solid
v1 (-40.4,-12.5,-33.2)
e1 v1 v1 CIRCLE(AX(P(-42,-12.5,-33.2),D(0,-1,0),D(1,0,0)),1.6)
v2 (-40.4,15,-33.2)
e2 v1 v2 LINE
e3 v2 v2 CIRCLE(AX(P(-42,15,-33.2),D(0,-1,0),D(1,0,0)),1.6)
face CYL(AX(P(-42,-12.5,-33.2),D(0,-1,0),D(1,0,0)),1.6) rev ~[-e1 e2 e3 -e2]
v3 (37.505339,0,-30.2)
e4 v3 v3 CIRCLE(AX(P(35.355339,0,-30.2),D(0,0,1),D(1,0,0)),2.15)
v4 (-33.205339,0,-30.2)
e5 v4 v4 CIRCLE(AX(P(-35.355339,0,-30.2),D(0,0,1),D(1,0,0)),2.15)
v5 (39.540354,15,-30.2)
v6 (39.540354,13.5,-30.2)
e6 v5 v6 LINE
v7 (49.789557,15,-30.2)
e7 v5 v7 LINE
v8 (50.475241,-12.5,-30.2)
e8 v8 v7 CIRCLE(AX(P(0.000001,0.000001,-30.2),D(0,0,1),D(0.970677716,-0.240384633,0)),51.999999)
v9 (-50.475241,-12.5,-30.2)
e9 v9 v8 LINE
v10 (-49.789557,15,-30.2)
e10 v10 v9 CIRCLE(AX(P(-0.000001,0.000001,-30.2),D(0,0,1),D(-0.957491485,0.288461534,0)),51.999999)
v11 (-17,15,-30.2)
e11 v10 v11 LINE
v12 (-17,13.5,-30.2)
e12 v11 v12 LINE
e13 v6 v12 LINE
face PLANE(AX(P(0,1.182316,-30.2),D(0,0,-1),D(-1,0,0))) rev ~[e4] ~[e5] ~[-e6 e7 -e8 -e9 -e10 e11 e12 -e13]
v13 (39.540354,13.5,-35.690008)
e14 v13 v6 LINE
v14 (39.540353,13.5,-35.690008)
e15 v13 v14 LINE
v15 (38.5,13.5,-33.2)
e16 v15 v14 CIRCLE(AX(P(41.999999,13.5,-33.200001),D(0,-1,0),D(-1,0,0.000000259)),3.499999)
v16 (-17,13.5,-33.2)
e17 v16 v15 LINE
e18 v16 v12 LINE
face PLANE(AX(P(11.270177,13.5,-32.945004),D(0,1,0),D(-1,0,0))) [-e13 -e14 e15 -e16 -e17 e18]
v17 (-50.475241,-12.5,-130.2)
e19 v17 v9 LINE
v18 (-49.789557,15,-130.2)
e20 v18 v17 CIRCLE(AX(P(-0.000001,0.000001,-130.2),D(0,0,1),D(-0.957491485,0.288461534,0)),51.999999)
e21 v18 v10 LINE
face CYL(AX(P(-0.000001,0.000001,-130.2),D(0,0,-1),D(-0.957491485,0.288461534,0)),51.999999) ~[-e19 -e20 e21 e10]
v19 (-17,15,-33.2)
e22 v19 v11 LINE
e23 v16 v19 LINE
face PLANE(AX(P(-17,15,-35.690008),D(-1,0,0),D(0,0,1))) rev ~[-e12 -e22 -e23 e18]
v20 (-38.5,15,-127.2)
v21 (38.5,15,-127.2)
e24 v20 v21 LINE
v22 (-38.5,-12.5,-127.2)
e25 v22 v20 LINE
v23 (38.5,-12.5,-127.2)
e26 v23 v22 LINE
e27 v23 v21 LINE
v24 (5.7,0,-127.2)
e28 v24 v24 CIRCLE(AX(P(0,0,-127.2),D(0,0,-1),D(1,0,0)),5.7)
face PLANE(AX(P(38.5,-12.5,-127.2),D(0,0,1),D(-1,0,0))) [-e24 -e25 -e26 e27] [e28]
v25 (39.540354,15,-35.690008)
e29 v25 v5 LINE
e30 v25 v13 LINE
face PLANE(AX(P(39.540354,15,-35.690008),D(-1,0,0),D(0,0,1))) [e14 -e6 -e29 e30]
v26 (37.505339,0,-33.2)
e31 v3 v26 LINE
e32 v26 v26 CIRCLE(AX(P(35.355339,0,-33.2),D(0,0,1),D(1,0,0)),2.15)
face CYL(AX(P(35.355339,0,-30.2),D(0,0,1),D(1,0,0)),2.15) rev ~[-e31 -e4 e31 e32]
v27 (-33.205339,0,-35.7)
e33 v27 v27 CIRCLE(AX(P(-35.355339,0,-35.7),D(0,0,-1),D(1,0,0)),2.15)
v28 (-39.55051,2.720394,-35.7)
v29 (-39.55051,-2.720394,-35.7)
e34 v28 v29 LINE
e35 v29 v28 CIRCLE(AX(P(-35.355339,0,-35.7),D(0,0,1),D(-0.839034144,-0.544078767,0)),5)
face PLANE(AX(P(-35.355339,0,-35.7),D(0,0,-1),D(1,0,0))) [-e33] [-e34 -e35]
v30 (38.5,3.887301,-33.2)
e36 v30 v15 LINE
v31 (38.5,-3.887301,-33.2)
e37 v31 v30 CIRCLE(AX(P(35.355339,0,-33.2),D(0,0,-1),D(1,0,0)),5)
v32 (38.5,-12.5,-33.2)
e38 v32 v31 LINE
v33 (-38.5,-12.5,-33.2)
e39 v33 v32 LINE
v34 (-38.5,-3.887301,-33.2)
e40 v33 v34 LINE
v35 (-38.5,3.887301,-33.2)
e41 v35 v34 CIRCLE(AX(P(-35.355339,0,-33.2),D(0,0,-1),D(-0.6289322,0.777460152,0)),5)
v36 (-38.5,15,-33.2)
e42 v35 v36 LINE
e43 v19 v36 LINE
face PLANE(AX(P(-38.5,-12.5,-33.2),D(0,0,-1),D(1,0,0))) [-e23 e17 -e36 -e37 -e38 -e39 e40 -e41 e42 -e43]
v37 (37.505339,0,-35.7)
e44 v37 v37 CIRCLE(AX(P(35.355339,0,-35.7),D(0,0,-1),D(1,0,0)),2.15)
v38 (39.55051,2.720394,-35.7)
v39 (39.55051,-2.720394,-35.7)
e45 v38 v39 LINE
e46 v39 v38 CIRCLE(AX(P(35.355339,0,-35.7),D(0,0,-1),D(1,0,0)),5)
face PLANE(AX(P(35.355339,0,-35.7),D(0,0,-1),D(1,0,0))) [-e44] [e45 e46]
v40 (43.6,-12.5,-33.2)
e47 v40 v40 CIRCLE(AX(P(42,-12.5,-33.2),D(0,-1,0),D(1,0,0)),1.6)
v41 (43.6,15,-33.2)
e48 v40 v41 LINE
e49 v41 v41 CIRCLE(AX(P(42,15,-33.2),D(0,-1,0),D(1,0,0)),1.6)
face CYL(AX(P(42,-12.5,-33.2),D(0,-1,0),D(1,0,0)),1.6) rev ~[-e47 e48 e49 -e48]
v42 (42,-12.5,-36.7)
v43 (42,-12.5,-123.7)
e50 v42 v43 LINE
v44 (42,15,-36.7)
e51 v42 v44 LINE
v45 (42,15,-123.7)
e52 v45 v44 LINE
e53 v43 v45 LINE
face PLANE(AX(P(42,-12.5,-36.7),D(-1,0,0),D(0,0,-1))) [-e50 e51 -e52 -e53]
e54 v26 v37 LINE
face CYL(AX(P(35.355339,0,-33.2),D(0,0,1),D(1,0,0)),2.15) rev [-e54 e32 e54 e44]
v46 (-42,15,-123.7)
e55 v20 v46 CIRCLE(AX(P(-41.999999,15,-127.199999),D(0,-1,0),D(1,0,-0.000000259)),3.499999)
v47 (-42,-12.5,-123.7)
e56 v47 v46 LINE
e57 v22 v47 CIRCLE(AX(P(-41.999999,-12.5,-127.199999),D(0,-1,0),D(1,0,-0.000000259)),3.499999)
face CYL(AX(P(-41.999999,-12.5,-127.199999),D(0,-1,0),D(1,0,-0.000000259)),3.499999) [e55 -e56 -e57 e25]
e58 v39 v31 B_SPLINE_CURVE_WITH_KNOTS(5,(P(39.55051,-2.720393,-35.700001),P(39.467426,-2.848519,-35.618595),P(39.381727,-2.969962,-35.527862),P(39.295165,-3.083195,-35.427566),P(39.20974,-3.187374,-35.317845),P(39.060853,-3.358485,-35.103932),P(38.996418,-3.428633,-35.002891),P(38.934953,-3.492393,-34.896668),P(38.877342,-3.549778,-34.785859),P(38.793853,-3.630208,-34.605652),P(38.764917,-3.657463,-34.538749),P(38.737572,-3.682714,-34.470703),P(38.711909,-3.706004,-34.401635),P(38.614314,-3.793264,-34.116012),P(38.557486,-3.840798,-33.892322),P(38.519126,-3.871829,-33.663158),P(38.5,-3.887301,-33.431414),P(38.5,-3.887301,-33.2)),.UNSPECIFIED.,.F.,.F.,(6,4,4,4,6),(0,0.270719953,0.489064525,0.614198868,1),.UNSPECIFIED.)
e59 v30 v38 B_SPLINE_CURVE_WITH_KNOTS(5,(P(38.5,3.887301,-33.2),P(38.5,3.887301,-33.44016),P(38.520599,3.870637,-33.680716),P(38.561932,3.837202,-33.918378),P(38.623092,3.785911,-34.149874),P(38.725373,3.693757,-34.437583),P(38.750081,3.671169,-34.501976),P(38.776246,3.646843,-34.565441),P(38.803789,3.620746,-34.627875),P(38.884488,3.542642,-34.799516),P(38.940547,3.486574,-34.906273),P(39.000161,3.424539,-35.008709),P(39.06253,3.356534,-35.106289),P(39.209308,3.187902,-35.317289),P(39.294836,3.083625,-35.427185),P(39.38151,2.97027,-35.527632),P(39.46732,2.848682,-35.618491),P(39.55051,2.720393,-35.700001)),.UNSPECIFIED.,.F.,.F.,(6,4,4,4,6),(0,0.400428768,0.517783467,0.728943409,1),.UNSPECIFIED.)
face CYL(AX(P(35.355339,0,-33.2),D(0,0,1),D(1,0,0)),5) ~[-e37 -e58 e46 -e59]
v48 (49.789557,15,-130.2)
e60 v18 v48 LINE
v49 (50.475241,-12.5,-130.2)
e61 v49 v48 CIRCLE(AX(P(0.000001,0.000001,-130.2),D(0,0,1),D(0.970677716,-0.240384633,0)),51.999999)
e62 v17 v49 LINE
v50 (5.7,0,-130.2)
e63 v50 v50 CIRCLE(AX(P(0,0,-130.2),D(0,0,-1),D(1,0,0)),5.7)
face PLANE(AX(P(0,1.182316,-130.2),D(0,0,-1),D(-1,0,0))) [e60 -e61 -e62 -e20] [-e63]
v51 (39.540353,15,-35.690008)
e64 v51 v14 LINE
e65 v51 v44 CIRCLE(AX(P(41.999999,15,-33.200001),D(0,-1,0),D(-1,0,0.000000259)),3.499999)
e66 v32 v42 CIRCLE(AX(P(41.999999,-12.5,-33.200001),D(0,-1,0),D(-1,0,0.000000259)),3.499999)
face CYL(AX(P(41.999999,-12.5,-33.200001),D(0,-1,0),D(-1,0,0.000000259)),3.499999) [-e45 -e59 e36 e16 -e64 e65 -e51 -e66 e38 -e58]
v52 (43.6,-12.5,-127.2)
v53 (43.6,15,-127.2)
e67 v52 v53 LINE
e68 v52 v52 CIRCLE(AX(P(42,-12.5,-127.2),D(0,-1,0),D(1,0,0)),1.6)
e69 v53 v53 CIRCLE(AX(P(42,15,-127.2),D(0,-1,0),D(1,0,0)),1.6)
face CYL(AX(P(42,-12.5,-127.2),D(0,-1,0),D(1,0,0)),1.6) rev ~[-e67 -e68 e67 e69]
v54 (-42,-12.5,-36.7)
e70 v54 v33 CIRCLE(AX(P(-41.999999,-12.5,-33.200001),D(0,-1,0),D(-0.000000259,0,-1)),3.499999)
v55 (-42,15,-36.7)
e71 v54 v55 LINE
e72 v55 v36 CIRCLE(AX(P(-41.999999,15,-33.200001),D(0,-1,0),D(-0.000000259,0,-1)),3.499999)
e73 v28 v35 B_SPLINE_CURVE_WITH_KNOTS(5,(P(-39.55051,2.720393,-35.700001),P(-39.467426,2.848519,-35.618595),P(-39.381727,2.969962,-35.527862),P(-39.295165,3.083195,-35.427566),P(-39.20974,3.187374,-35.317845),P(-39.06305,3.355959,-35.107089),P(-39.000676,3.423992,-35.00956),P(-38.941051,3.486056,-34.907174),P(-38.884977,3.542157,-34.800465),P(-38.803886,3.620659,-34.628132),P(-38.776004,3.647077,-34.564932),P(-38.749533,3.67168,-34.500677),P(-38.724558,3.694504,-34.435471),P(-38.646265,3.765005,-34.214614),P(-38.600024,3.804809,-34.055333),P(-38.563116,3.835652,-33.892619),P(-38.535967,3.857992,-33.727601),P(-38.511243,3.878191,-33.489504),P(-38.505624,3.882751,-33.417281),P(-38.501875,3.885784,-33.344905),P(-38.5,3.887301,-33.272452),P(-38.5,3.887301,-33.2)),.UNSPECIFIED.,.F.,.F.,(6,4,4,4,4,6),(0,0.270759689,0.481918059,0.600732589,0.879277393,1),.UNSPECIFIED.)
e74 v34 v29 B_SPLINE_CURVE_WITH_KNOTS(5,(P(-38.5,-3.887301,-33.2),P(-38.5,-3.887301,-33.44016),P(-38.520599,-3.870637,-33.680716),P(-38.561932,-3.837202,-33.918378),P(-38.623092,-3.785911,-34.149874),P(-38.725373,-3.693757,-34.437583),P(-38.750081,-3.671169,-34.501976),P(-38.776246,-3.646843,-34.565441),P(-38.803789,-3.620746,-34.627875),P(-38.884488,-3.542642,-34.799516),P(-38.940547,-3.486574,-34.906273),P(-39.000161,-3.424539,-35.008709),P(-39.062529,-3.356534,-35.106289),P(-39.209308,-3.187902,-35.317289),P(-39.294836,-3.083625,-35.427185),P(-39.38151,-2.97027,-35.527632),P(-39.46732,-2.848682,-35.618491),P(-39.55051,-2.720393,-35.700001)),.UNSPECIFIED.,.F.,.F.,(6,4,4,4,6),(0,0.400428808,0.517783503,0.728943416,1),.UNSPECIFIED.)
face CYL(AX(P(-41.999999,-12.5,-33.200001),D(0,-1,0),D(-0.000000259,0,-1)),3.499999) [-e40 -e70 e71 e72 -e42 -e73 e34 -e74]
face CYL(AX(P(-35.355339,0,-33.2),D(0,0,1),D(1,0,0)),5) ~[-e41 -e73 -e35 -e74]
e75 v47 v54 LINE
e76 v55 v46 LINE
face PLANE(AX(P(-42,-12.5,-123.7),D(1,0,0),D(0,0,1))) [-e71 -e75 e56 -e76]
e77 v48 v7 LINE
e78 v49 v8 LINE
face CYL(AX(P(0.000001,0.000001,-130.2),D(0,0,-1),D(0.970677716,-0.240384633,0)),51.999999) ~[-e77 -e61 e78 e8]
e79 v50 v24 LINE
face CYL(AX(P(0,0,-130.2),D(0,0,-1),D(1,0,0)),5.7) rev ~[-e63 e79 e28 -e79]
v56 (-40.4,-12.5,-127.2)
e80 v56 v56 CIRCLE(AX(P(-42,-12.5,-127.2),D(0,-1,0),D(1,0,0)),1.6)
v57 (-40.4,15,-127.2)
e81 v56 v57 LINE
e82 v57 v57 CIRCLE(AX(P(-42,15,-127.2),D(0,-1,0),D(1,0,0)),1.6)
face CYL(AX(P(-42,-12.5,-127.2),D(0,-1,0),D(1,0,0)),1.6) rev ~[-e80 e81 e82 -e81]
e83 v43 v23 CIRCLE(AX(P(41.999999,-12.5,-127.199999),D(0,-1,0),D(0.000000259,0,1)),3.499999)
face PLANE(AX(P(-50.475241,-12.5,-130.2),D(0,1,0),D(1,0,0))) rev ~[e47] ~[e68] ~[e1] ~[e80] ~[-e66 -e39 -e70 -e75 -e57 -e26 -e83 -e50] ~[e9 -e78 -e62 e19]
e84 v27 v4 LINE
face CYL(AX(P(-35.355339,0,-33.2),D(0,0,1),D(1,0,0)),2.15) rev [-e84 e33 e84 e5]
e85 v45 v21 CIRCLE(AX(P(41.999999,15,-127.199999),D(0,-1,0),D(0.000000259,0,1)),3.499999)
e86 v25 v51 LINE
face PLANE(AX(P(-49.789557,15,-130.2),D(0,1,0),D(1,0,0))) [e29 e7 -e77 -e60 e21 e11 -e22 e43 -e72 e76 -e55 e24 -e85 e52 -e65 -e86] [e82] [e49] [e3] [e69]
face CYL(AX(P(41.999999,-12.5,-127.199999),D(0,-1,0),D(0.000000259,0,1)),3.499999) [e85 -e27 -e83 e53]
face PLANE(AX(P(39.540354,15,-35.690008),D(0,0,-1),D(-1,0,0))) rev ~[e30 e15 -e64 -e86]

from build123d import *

# Parameters (mm, degrees)
PAD005_DEPTH    = 100
SKETCH007_R     = 1.6
POCKET001_DEPTH = 27.501
SKETCH008_R     = 2.15
POCKET002_DEPTH = 50
SKETCH014_R     = 5
SKETCH014_R_2   = 2.15
PAD010_DEPTH    = 2.5
SKETCH019_W     = 56.540354
SKETCH019_H     = 5.490008
POCKET_DEPTH    = 1.5
SKETCH020_R     = 5.7
POCKET004_DEPTH = 10


with BuildPart() as part:
    # Sketch006 → Pad005 (new body)
    with BuildSketch(Plane.XY):
        with BuildLine():
            Line((-49.789557, 15), (49.789557, 15))
            ThreePointArc((50.475241, -12.5), (51.983843, 1.296164), (49.789557, 15))
            Line((-50.475241, -12.5), (50.475241, -12.5))
            ThreePointArc((-49.789557, 15), (-51.983843, 1.296164), (-50.475241, -12.5))
        make_face()
    extrude(amount=PAD005_DEPTH)

    # Sketch007 (on Face3 of Pad005) → Pocket001 (cut, through all)
    with BuildSketch(Plane.XZ.offset(12.5)):
        with Locations((-42, 97)):
            Circle(SKETCH007_R)
        with Locations((42, 97)):
            Circle(SKETCH007_R)
        with Locations((42, 3)):
            Circle(SKETCH007_R)
        with Locations((-42, 3)):
            Circle(SKETCH007_R)
        with BuildLine():
            ThreePointArc((-42, 93.5), (-39.525126, 94.525126), (-38.5, 97))
            Line((-38.5, 97), (38.5, 97))
            ThreePointArc((38.5, 97), (39.525126, 94.525126), (42, 93.5))
            Line((42, 93.5), (42, 6.5))
            ThreePointArc((42, 6.5), (39.525126, 5.474874), (38.5, 3))
            Line((38.5, 3), (-38.5, 3))
            ThreePointArc((-38.5, 3), (-39.525126, 5.474874), (-42, 6.5))
            Line((-42, 6.5), (-42, 93.5))
        make_face()
    extrude(amount=-POCKET001_DEPTH, mode=Mode.SUBTRACT)

    # Sketch008 (on Face4 of Pocket001) → Pocket002 (cut)
    with BuildSketch(Plane.XY.offset(100)):
        with Locations((-35.355339, 0)):
            Circle(SKETCH008_R)
        with Locations((35.355339, 0)):
            Circle(SKETCH008_R)
    extrude(amount=-POCKET002_DEPTH, mode=Mode.SUBTRACT)

    # Sketch014 (on Face10 of Pocket002) → Pad010 (join)
    with BuildSketch(Plane(origin=(0, 0, 97), x_dir=(1, 0, 0), z_dir=(0, 0, -1))):
        with Locations((-35.355339, 0)):
            Circle(SKETCH014_R)
        with Locations((-35.355339, 0)):
            Circle(SKETCH014_R_2, mode=Mode.SUBTRACT)
        with Locations((35.355339, 0)):
            Circle(SKETCH014_R)
        with Locations((35.355339, 0)):
            Circle(SKETCH014_R_2, mode=Mode.SUBTRACT)
    extrude(amount=PAD010_DEPTH)

    # Sketch019 (on Face1 of Pad010) → Pocket (cut)
    with BuildSketch(Plane(origin=(0, 15, 0), x_dir=(-1, 0, 0), z_dir=(0, 1, 0))):
        with Locations((-11.270177, 97.254996)):
            Rectangle(SKETCH019_W, SKETCH019_H)
    extrude(amount=-POCKET_DEPTH, mode=Mode.SUBTRACT)

    # Sketch020 (on Face2 of Pocket) → Pocket004 (cut)
    with BuildSketch(Plane(origin=(0, 0, 0), x_dir=(1, 0, 0), z_dir=(0, 0, -1))):
        Circle(SKETCH020_R)
    extrude(amount=-POCKET004_DEPTH, mode=Mode.SUBTRACT)


with BuildPart() as part_1:
    # Body006 placement: moved
    add(part.part.moved(Location((0, 0, -130.2))))


solid = part_1.part
